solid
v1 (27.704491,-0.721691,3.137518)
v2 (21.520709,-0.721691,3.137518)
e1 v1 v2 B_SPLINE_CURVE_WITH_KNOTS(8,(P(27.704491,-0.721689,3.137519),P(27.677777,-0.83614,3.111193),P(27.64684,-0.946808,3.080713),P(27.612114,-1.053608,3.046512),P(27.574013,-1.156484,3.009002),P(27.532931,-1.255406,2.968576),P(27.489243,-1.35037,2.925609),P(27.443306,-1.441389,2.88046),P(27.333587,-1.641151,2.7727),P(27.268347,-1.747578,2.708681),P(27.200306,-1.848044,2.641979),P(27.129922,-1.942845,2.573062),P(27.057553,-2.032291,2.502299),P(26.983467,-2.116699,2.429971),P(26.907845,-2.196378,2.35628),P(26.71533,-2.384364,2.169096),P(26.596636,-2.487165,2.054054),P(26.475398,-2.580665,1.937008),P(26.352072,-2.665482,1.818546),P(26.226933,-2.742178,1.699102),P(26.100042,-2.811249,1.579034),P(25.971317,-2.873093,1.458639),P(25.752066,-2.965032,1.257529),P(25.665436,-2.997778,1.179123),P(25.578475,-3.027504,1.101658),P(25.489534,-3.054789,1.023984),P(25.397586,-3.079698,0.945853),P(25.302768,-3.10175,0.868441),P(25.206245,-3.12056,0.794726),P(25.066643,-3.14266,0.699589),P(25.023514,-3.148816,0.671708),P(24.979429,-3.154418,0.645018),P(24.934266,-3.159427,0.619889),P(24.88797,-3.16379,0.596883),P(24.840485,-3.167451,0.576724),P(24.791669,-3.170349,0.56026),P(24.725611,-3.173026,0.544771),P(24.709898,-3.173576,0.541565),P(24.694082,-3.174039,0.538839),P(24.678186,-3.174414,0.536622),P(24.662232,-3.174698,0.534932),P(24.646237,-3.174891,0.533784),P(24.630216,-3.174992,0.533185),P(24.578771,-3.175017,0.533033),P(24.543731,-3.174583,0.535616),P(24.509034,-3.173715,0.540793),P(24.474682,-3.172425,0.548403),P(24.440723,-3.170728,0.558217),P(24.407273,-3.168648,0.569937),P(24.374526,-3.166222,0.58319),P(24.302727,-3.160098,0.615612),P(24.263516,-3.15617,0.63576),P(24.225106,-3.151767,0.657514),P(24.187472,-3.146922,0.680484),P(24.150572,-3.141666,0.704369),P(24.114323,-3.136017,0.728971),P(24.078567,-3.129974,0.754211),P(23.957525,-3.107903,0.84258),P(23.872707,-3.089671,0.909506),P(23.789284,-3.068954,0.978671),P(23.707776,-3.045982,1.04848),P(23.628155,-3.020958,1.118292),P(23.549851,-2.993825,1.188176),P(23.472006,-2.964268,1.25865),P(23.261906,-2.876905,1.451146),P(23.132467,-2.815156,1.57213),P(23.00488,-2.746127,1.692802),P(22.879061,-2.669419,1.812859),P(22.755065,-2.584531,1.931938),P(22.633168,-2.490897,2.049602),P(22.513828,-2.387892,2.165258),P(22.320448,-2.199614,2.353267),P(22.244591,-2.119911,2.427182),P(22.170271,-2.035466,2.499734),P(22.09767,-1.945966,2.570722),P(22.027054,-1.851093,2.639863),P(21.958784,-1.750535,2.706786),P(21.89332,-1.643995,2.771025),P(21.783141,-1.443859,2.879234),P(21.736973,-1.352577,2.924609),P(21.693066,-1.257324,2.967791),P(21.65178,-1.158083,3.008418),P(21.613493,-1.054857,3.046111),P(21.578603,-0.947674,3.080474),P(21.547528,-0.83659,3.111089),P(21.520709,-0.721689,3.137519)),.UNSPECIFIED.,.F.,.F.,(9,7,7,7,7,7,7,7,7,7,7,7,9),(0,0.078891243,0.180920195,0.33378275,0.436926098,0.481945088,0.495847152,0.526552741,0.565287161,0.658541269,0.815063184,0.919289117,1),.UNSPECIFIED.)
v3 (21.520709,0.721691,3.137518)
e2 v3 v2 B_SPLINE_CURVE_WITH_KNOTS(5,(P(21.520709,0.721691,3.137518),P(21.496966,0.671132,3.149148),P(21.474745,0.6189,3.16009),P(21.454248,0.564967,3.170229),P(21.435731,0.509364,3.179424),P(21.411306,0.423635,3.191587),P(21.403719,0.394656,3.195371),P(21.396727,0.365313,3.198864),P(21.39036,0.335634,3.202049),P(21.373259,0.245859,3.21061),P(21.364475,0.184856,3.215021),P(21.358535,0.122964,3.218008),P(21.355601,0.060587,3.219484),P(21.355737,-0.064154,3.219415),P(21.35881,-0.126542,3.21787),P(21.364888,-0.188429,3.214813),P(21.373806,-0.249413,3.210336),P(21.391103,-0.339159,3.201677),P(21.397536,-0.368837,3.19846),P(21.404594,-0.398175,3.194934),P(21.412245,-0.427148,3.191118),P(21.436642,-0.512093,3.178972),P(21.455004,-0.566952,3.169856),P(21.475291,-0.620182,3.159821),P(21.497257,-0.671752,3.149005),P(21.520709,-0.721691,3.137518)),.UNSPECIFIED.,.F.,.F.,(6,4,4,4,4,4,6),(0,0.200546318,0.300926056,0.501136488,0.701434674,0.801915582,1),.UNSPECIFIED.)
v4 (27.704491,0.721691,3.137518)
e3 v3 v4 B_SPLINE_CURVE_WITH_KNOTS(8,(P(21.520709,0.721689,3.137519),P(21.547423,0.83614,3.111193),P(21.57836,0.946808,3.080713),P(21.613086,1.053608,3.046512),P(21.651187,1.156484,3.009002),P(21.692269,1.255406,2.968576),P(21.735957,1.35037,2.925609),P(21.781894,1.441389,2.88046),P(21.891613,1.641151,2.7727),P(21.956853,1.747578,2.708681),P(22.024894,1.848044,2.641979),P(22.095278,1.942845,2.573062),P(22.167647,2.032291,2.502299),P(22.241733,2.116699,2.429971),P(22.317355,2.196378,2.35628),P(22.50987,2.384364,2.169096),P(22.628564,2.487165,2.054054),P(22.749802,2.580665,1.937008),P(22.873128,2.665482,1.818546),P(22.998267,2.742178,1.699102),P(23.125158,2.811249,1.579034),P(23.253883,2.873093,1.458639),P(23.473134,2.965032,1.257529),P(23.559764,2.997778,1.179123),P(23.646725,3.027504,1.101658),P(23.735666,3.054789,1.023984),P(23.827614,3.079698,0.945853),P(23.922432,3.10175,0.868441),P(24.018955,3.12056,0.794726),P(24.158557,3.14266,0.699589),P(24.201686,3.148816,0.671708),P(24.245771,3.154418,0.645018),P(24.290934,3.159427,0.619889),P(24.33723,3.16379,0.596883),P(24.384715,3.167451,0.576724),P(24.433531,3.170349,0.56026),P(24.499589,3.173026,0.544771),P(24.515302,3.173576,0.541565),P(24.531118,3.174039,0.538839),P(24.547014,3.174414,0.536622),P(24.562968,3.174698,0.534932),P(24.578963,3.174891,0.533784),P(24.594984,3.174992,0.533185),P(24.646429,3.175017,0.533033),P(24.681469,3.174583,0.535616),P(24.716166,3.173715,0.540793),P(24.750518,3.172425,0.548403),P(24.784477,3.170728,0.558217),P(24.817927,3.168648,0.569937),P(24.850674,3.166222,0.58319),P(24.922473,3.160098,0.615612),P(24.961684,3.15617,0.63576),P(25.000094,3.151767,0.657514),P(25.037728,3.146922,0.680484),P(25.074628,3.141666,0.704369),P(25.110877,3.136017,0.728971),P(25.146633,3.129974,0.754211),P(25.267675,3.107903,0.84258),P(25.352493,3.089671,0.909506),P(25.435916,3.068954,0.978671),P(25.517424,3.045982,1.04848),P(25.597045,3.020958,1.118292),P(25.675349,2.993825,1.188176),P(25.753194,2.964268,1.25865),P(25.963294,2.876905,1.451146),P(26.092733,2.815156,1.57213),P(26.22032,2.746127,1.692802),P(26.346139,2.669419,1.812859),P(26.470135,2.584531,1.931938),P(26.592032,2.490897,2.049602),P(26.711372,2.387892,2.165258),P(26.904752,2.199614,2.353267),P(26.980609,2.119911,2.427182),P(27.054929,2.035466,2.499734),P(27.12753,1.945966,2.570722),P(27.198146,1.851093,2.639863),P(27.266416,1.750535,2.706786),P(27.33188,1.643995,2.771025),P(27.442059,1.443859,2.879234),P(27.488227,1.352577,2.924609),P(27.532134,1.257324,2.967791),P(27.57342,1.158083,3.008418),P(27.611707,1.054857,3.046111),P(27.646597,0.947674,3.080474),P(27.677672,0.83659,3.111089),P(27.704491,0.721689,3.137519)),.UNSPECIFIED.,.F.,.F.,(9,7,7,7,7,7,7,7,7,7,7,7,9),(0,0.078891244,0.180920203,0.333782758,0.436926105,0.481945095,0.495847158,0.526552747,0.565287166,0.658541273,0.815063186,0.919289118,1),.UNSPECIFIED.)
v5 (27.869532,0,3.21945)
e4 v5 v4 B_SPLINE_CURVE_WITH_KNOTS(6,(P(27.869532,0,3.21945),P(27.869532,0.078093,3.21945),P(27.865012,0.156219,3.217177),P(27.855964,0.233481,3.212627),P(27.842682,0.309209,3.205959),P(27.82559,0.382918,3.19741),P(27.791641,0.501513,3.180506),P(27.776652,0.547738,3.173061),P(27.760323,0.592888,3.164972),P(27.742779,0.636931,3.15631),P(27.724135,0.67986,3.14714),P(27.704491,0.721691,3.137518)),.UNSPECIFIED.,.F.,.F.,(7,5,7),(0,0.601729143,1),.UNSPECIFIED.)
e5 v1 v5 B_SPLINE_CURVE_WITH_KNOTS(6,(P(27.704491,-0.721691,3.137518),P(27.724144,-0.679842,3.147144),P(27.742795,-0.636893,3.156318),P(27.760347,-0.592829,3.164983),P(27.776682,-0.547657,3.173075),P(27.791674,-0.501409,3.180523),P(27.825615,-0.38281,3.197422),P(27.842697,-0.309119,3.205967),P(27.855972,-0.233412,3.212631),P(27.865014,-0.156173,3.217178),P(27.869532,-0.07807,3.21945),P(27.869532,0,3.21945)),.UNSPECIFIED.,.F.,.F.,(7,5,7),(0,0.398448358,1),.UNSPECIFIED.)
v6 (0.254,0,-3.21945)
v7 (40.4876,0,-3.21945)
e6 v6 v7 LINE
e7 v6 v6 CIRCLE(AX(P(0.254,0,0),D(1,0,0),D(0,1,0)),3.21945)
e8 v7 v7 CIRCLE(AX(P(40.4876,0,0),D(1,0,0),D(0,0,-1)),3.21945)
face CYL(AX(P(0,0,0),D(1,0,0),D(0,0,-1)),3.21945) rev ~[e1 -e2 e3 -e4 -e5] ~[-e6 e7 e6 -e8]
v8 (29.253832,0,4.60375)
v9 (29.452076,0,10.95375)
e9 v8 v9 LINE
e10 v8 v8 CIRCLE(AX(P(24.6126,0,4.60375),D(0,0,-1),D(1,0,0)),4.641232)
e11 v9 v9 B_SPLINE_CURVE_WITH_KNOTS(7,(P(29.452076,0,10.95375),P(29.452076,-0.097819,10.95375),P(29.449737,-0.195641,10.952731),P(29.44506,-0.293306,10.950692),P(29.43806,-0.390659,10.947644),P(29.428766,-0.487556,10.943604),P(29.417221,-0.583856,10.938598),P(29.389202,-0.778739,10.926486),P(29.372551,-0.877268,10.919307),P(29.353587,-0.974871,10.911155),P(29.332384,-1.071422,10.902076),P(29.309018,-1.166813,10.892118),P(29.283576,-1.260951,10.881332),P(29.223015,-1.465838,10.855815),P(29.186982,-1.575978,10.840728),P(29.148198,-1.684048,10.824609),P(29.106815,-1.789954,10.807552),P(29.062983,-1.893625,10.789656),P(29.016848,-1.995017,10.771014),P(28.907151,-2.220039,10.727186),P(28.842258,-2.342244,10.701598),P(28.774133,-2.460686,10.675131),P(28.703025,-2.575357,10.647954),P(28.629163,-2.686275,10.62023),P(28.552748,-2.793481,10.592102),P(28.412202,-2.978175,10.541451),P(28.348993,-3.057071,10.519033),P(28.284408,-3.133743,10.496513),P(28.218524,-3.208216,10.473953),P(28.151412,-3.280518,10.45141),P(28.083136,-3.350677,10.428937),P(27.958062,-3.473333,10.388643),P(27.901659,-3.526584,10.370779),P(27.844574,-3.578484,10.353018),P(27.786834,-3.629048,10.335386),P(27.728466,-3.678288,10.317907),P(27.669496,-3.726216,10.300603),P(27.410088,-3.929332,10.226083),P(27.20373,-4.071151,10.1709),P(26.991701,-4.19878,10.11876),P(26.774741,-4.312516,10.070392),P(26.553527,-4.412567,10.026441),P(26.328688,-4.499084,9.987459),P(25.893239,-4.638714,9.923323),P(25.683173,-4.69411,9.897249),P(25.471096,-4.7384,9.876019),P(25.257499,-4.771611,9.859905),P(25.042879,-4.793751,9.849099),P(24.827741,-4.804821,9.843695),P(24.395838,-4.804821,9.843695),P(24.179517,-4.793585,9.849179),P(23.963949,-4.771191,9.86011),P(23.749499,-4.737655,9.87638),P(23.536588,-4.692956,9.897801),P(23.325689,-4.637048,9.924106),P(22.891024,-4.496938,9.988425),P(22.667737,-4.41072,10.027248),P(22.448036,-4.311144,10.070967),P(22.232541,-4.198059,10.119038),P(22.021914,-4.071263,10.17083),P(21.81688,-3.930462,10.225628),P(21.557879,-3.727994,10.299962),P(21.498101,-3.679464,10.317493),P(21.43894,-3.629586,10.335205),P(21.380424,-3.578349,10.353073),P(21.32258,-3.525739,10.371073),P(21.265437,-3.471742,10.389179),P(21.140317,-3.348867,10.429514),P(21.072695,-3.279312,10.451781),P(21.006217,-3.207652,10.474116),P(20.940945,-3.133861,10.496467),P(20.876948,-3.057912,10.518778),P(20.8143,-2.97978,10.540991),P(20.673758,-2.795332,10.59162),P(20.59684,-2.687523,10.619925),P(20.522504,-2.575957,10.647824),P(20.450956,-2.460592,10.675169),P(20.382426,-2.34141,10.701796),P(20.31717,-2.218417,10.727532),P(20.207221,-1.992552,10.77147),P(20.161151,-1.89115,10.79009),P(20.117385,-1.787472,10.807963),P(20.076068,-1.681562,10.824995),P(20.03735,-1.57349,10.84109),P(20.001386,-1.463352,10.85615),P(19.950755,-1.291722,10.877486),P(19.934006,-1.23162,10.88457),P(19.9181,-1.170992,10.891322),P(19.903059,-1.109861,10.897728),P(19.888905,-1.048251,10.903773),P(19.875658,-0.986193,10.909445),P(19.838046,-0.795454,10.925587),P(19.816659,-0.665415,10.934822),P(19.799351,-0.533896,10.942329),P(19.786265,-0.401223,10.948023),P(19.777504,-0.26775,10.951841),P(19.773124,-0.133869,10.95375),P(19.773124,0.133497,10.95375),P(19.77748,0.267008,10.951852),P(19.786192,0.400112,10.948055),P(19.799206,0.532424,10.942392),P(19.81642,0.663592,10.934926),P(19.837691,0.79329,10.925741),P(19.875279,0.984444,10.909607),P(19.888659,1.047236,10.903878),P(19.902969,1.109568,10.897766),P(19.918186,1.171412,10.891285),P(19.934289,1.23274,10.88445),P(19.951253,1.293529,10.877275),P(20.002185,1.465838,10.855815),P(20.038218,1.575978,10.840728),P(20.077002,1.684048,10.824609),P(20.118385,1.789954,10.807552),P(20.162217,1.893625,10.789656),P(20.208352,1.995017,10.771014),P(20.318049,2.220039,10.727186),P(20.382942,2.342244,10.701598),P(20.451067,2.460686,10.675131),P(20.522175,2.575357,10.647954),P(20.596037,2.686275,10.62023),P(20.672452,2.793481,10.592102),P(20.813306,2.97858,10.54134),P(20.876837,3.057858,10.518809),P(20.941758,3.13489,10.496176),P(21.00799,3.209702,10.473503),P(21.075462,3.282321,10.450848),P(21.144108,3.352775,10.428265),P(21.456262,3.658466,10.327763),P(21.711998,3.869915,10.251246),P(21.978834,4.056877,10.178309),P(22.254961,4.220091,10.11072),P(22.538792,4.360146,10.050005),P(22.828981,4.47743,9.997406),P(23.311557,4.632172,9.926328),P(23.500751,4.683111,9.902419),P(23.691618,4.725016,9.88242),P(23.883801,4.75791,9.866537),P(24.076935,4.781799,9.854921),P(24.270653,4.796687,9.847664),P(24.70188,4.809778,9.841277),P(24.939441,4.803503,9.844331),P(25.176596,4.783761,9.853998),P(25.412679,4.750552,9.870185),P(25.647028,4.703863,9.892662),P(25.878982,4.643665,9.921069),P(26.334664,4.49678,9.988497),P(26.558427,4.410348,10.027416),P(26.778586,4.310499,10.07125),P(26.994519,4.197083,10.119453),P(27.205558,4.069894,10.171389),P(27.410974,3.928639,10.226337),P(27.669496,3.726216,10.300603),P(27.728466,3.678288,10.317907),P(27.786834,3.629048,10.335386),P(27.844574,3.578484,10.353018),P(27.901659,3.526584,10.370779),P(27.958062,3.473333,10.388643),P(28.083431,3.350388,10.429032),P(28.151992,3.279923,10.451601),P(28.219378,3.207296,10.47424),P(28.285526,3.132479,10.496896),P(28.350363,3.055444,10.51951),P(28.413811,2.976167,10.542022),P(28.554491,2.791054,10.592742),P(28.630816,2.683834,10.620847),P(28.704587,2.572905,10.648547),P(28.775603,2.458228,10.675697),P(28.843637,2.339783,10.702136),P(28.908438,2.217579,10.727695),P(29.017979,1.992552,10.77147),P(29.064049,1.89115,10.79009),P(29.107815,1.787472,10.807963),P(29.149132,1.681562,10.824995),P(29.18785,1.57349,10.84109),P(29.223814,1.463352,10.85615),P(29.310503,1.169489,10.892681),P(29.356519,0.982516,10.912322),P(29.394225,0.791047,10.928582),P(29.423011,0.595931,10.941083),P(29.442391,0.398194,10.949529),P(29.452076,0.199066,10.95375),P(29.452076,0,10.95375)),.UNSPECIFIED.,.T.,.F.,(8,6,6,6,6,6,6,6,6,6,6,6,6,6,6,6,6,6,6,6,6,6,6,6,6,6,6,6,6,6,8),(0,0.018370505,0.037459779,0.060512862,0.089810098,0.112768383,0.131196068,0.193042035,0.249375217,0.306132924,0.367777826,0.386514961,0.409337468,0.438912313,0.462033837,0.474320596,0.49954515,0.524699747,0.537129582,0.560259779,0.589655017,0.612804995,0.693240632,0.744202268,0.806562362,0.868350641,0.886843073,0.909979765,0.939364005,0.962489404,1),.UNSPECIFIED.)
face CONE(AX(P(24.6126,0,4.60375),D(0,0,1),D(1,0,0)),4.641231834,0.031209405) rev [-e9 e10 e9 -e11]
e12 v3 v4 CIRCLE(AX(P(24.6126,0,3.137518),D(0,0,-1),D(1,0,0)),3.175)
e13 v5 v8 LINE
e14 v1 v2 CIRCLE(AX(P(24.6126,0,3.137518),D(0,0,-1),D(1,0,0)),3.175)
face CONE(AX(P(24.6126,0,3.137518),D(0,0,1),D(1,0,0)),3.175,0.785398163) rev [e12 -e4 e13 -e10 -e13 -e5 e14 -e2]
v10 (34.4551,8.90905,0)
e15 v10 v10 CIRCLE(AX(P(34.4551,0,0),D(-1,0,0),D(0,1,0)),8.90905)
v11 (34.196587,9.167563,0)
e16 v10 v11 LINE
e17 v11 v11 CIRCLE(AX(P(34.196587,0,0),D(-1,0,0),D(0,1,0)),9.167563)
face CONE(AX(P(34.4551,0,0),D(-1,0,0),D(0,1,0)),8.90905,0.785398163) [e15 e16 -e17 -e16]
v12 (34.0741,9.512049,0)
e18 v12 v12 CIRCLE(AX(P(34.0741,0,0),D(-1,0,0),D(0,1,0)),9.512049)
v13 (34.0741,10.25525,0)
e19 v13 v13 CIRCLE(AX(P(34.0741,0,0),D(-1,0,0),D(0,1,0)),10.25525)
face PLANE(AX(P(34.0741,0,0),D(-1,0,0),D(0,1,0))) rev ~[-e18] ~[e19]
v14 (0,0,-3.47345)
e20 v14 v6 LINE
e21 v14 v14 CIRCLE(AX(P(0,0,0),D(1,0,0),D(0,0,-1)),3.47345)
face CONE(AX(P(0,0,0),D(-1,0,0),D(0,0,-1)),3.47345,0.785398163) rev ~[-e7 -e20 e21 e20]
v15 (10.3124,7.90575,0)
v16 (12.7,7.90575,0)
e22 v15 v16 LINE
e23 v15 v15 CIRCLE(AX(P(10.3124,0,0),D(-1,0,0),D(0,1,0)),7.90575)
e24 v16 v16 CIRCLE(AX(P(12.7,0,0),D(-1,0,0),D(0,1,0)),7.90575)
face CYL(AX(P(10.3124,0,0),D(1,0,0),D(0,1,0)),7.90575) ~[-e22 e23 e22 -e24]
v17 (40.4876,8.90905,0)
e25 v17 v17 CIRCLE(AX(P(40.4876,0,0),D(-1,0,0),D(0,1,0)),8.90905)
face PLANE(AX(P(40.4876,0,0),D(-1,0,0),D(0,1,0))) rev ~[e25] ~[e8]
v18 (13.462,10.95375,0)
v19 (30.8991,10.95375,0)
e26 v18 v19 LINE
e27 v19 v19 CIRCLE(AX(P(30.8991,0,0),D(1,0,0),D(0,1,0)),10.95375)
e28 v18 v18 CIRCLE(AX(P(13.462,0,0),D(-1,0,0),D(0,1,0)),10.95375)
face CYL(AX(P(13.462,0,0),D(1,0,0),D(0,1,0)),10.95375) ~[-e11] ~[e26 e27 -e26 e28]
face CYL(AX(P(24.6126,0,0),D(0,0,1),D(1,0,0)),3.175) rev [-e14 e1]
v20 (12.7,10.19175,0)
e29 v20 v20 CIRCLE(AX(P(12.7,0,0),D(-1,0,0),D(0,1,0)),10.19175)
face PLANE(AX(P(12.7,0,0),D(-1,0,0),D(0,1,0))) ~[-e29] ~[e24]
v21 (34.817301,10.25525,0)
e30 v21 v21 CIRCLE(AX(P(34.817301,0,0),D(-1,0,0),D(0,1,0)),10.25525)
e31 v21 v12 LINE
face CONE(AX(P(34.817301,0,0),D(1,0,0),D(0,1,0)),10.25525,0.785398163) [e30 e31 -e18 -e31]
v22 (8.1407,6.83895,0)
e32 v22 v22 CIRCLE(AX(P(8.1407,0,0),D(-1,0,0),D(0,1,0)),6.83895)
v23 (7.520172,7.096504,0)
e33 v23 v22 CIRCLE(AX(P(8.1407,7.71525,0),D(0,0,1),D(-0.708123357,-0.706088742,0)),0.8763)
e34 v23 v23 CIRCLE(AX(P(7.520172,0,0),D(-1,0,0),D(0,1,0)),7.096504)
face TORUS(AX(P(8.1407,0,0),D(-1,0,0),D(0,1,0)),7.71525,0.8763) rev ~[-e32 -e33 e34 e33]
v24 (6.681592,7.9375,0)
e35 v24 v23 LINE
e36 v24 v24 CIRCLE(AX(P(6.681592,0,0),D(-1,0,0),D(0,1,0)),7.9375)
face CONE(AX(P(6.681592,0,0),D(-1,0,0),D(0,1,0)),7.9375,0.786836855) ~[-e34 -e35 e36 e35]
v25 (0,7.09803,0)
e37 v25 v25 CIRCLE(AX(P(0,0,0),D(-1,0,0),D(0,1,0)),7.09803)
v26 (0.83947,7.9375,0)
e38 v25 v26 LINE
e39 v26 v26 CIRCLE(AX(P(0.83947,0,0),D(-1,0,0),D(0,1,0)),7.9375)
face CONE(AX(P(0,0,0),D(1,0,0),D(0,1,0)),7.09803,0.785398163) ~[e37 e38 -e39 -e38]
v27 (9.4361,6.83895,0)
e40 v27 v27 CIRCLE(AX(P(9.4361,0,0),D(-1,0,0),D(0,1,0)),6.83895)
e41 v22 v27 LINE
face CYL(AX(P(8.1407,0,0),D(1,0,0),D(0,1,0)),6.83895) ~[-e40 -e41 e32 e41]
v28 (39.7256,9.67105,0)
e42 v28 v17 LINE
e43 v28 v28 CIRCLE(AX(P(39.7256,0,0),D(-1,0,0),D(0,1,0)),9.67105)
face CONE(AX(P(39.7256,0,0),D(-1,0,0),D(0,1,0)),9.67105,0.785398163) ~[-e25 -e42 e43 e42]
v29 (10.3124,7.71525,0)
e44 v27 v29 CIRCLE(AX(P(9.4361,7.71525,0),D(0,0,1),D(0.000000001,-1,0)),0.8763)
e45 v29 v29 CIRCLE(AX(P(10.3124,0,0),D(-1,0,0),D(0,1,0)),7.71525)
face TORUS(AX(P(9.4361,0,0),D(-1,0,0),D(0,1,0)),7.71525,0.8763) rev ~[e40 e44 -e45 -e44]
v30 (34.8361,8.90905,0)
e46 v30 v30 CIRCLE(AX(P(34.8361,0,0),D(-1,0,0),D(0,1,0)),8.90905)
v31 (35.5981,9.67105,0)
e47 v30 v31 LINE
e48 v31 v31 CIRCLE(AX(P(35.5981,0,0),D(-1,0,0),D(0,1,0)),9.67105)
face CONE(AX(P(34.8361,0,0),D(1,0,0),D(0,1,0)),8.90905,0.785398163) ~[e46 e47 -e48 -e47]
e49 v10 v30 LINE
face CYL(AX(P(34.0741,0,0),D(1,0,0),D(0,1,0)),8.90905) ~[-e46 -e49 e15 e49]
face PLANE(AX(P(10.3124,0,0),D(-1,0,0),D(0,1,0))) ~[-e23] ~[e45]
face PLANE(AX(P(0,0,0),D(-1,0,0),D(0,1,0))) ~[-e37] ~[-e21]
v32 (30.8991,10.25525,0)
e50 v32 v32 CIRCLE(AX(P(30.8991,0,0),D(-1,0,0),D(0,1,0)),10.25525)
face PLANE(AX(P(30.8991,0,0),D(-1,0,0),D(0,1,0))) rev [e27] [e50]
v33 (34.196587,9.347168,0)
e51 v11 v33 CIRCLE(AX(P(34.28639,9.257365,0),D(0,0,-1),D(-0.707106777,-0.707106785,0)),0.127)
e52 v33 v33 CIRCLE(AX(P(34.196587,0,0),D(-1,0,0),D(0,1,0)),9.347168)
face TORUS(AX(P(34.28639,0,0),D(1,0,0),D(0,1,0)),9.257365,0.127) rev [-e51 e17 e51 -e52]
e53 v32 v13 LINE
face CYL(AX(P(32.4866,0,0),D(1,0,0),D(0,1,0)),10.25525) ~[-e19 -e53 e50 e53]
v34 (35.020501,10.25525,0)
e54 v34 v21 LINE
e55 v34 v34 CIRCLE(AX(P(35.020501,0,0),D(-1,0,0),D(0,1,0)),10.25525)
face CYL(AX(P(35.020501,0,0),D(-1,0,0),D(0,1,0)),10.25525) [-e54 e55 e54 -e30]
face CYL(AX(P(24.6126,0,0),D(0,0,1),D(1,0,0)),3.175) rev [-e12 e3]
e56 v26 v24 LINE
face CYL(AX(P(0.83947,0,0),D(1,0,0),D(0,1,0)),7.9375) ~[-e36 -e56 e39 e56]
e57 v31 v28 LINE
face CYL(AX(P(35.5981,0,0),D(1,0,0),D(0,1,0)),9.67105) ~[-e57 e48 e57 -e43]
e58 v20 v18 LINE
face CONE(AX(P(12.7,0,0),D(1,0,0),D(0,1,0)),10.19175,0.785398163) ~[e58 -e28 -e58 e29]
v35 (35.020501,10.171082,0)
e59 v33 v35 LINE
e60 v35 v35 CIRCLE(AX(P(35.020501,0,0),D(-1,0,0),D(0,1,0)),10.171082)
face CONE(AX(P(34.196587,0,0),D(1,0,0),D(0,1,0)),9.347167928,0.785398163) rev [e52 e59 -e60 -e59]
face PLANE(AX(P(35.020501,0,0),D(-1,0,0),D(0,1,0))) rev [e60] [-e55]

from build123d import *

# Parameters (mm, degrees)
HOLE1_D           = 6.4389
HOLE1_CSINK_D     = 6.9469
HOLE1_CSINK_ANGLE = 90
SKETCH5_W         = 3.175
SKETCH5_H         = 5.08


with BuildPart() as part:
    # Sketch1 → Revolve1 (revolve)
    with BuildSketch(Plane.XY):
        with BuildLine():
            Line((0, 0), (0, 7.09803))
            Line((0, 7.09803), (0.83947, 7.9375))
            Line((0.83947, 7.9375), (6.681592328, 7.9375))
            Line((6.681592328, 7.9375), (7.520171502, 7.096504435))
            ThreePointArc((7.520171502, 7.096504435), (7.804772216, 6.905895804), (8.1407, 6.83895))
            Line((8.1407, 6.83895), (9.4361, 6.83895))
            ThreePointArc((9.4361, 6.83895), (10.055737672, 7.095612328), (10.3124, 7.71525))
            Line((10.3124, 7.71525), (10.3124, 7.90575))
            Line((10.3124, 7.90575), (12.7, 7.90575))
            Line((12.7, 7.90575), (12.7, 0))
            Line((12.7, 0), (0, 0))
        make_face()
    revolve(axis=Axis((12.7, 0, 0), (-1, 0, 0)))

    # Sketch2 → Revolve2 (revolve)
    with BuildSketch(Plane.XY):
        Polygon((12.7, 0), (12.7, 10.19175), (13.462, 10.95375), (34.0741, 10.95375), (34.0741, 8.90905), (34.8361, 8.90905), (35.5981, 9.67105), (39.7256, 9.67105), (40.4876, 8.90905), (40.4876, 0), align=None)
    revolve(axis=Axis((40.4876, 0, 0), (-1, 0, 0)))

    # Hole1 (through all)
    with Locations(Plane.ZY):
        with Locations((0, 0)):
            CounterSinkHole(HOLE1_D / 2, HOLE1_CSINK_D / 2, counter_sink_angle=HOLE1_CSINK_ANGLE)

    # Sketch5 → Cut-Revolve1 (revolve, cut)
    with BuildSketch(Plane.XY):
        with Locations((32.4866, 12.79525)):
            Rectangle(SKETCH5_W, SKETCH5_H)
    revolve(axis=Axis((34.0741, 0, 0), (-1, 0, 0)), mode=Mode.SUBTRACT)

    # Sketch6 → Cut-Revolve2 (revolve, cut)
    with BuildSketch(Plane(origin=(0, 0, 0), x_dir=(1, 0, 0), z_dir=(0, 1, 0))):
        Polygon((24.6126, 0), (27.7876, 0), (27.7876, -3.137518166), (29.253831834, -4.60375), (29.452075925, -10.95375), (24.6126, -10.95375), align=None)
    revolve(axis=Axis((24.6126, 0, 10.95375), (0, 0, -1)), mode=Mode.SUBTRACT)

    # Sketch7 → Revolve3 (revolve)
    with BuildSketch(Plane.XY):
        with BuildLine():
            Line((34.0741, 8.65505), (34.8361, 8.65505))
            Line((34.8361, 8.65505), (34.8361, 8.90905))
            Line((34.8361, 8.90905), (34.4551, 8.90905))
            Line((34.4551, 8.90905), (34.196587194, 9.167562806))
            ThreePointArc((34.196587194, 9.167562806), (34.159389755, 9.257365367), (34.196587194, 9.347167928))
            Line((34.196587194, 9.347167928), (35.02050107, 10.171081804))
            Line((35.02050107, 10.171081804), (35.02050107, 10.25525))
            Line((35.02050107, 10.25525), (34.81730107, 10.25525))
            Line((34.81730107, 10.25525), (34.0741, 9.51204893))
            Line((34.0741, 9.51204893), (34.0741, 8.65505))
        make_face()
    revolve(axis=Axis((34.8361, 0, 0), (-1, 0, 0)))


solid = part.part
